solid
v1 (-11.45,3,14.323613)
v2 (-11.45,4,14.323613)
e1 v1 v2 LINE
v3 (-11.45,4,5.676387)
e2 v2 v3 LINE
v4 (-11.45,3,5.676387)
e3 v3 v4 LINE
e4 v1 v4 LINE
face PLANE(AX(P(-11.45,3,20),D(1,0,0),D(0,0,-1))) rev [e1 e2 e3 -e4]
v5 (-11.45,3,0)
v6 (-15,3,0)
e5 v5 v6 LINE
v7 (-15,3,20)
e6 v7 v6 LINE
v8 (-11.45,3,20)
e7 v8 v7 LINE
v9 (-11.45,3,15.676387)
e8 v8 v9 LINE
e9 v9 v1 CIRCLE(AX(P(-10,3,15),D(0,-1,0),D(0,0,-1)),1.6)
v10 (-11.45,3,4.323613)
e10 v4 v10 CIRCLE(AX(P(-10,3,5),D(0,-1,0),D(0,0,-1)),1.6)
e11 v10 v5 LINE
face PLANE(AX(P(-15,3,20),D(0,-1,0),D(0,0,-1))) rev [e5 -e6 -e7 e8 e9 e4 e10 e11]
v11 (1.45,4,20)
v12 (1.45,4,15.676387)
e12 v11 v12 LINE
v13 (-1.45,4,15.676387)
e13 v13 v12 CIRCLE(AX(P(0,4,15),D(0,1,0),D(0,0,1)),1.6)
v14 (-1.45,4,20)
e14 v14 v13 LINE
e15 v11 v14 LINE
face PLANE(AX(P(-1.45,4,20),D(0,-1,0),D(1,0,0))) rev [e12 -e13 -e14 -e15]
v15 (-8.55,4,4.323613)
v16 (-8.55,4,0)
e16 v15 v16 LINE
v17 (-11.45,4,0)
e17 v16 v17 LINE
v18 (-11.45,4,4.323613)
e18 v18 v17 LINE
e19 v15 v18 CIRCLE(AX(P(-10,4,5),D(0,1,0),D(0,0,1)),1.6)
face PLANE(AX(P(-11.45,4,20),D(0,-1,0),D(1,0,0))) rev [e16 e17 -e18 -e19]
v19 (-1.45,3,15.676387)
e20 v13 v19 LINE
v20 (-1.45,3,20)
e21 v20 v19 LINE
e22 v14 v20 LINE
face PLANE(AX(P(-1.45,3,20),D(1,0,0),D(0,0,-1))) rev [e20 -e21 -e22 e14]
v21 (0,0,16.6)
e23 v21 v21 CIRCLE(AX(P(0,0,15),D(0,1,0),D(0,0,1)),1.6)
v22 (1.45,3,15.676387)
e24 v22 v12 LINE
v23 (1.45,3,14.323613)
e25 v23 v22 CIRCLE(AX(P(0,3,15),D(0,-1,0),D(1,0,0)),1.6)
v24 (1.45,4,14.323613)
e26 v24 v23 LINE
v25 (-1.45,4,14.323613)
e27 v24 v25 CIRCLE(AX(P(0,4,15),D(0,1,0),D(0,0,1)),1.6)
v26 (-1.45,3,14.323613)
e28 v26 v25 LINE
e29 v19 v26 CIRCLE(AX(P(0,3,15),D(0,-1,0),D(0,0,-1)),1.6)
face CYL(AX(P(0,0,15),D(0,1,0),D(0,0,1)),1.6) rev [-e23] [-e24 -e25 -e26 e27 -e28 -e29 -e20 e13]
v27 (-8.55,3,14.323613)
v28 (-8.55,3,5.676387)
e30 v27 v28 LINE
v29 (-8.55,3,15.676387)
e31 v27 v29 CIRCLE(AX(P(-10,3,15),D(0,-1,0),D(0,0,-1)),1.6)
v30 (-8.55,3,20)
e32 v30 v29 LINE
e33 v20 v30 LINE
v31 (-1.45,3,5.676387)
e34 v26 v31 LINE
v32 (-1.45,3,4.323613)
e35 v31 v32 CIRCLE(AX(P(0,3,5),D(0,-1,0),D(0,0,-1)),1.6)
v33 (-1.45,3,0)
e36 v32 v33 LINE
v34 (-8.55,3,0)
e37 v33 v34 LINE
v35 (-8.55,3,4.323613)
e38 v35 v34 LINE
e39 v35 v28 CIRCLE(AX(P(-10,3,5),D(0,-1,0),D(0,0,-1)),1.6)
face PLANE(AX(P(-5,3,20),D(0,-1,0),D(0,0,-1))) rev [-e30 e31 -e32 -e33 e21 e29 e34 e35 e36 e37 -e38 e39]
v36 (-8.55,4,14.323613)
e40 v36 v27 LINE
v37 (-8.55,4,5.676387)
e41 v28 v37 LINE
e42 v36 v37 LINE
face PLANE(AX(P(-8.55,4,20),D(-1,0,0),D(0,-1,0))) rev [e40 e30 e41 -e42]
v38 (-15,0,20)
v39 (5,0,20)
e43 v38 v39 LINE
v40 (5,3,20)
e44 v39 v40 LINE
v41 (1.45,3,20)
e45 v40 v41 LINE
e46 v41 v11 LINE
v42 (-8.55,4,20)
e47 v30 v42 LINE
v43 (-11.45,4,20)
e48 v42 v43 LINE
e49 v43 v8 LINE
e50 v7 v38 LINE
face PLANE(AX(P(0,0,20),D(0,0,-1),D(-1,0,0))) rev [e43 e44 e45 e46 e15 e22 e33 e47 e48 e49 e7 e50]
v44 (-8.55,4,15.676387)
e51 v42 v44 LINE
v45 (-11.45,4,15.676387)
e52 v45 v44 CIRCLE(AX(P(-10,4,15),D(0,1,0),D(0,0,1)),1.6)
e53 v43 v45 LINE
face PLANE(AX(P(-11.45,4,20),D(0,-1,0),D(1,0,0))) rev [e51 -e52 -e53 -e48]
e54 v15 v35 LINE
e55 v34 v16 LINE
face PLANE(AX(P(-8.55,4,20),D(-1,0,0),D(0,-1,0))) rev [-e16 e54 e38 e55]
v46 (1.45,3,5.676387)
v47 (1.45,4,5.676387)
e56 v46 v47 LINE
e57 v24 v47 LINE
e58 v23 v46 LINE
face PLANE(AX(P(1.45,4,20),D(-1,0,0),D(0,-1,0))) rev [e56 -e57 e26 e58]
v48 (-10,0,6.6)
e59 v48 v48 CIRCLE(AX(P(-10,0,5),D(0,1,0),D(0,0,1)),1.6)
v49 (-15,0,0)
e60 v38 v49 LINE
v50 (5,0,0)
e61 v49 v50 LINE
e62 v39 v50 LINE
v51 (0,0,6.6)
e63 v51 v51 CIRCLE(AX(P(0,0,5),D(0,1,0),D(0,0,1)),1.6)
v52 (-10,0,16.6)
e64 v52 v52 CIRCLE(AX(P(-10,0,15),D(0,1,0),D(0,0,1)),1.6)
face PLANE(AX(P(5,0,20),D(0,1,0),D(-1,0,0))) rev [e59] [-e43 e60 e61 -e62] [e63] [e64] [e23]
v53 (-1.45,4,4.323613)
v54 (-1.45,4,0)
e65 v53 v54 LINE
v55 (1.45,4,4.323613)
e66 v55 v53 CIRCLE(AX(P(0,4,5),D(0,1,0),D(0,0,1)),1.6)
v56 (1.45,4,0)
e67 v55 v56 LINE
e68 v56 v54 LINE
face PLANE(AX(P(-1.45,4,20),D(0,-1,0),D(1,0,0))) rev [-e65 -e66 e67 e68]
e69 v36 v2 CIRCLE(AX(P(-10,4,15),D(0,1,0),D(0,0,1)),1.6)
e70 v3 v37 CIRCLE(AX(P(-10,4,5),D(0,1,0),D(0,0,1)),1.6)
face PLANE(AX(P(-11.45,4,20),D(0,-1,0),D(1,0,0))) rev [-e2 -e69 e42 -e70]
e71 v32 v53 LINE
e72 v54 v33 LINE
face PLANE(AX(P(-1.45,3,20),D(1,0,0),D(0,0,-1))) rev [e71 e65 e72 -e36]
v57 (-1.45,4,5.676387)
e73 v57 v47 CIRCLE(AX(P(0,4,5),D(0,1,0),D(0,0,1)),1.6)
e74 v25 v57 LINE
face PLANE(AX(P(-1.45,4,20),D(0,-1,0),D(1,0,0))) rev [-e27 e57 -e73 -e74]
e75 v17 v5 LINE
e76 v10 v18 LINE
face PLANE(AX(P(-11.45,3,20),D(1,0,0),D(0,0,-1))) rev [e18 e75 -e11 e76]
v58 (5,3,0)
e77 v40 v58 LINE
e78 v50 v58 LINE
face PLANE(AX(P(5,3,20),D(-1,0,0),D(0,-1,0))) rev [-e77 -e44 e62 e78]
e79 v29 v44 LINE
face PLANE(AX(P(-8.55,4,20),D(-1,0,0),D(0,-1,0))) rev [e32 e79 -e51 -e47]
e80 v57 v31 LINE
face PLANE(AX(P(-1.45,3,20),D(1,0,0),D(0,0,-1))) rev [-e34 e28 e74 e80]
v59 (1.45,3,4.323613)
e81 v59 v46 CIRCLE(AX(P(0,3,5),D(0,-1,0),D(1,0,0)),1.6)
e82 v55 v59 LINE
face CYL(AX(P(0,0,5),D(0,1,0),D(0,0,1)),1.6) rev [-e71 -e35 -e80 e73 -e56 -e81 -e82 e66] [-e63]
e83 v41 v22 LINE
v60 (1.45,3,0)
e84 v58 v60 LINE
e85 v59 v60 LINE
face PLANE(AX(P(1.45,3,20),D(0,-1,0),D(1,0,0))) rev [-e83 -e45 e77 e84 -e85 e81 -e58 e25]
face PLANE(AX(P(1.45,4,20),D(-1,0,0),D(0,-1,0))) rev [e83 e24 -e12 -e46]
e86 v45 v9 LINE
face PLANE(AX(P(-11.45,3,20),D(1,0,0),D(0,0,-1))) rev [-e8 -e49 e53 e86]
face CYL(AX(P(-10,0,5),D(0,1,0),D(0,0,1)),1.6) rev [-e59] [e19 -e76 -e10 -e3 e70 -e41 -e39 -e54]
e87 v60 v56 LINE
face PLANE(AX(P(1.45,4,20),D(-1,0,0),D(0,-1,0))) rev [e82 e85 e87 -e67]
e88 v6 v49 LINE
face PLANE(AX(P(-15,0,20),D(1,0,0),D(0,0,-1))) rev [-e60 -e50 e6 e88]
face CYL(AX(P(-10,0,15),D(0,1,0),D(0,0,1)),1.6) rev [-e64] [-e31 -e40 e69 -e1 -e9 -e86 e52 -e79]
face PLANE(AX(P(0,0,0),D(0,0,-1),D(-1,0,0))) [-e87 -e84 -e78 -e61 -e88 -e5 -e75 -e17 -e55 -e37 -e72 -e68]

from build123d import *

# Parameters (mm, degrees)
MAIN_DEPTH                 = 20
ESQUISSE2_R                = 1.6
TOPHOLE_DEPTH              = 5
R_P_TITION_LIN_AIRE1_COUNT = 2
R_P_TITION_LIN_AIRE1_PITCH = 10


with BuildPart() as part:
    # Esquisse1 → Main (new body)
    with BuildSketch(Plane.XY):
        Polygon((-5, 0), (-5, 3), (-1.45, 3), (-1.45, 4), (1.45, 4), (1.45, 3), (5, 3), (5, 0), align=None)
    main = extrude(amount=MAIN_DEPTH)

    # Esquisse2 → TopHole (cut, through all)
    with BuildSketch(Plane(origin=(0, 4, 0), x_dir=(1, 0, 0), z_dir=(0, 1, 0))):
        with Locations((0, -5)):
            Circle(ESQUISSE2_R)
        with Locations((0, -15)):
            Circle(ESQUISSE2_R)
    tophole = extrude(amount=-TOPHOLE_DEPTH, mode=Mode.SUBTRACT)

    # Répétition linéaire1: Main, TopHole ×2
    with Locations(*[(-i * R_P_TITION_LIN_AIRE1_PITCH, 0, 0) for i in range(1, R_P_TITION_LIN_AIRE1_COUNT)]):
        add(main)
        add(tophole, mode=Mode.SUBTRACT)


solid = part.part
